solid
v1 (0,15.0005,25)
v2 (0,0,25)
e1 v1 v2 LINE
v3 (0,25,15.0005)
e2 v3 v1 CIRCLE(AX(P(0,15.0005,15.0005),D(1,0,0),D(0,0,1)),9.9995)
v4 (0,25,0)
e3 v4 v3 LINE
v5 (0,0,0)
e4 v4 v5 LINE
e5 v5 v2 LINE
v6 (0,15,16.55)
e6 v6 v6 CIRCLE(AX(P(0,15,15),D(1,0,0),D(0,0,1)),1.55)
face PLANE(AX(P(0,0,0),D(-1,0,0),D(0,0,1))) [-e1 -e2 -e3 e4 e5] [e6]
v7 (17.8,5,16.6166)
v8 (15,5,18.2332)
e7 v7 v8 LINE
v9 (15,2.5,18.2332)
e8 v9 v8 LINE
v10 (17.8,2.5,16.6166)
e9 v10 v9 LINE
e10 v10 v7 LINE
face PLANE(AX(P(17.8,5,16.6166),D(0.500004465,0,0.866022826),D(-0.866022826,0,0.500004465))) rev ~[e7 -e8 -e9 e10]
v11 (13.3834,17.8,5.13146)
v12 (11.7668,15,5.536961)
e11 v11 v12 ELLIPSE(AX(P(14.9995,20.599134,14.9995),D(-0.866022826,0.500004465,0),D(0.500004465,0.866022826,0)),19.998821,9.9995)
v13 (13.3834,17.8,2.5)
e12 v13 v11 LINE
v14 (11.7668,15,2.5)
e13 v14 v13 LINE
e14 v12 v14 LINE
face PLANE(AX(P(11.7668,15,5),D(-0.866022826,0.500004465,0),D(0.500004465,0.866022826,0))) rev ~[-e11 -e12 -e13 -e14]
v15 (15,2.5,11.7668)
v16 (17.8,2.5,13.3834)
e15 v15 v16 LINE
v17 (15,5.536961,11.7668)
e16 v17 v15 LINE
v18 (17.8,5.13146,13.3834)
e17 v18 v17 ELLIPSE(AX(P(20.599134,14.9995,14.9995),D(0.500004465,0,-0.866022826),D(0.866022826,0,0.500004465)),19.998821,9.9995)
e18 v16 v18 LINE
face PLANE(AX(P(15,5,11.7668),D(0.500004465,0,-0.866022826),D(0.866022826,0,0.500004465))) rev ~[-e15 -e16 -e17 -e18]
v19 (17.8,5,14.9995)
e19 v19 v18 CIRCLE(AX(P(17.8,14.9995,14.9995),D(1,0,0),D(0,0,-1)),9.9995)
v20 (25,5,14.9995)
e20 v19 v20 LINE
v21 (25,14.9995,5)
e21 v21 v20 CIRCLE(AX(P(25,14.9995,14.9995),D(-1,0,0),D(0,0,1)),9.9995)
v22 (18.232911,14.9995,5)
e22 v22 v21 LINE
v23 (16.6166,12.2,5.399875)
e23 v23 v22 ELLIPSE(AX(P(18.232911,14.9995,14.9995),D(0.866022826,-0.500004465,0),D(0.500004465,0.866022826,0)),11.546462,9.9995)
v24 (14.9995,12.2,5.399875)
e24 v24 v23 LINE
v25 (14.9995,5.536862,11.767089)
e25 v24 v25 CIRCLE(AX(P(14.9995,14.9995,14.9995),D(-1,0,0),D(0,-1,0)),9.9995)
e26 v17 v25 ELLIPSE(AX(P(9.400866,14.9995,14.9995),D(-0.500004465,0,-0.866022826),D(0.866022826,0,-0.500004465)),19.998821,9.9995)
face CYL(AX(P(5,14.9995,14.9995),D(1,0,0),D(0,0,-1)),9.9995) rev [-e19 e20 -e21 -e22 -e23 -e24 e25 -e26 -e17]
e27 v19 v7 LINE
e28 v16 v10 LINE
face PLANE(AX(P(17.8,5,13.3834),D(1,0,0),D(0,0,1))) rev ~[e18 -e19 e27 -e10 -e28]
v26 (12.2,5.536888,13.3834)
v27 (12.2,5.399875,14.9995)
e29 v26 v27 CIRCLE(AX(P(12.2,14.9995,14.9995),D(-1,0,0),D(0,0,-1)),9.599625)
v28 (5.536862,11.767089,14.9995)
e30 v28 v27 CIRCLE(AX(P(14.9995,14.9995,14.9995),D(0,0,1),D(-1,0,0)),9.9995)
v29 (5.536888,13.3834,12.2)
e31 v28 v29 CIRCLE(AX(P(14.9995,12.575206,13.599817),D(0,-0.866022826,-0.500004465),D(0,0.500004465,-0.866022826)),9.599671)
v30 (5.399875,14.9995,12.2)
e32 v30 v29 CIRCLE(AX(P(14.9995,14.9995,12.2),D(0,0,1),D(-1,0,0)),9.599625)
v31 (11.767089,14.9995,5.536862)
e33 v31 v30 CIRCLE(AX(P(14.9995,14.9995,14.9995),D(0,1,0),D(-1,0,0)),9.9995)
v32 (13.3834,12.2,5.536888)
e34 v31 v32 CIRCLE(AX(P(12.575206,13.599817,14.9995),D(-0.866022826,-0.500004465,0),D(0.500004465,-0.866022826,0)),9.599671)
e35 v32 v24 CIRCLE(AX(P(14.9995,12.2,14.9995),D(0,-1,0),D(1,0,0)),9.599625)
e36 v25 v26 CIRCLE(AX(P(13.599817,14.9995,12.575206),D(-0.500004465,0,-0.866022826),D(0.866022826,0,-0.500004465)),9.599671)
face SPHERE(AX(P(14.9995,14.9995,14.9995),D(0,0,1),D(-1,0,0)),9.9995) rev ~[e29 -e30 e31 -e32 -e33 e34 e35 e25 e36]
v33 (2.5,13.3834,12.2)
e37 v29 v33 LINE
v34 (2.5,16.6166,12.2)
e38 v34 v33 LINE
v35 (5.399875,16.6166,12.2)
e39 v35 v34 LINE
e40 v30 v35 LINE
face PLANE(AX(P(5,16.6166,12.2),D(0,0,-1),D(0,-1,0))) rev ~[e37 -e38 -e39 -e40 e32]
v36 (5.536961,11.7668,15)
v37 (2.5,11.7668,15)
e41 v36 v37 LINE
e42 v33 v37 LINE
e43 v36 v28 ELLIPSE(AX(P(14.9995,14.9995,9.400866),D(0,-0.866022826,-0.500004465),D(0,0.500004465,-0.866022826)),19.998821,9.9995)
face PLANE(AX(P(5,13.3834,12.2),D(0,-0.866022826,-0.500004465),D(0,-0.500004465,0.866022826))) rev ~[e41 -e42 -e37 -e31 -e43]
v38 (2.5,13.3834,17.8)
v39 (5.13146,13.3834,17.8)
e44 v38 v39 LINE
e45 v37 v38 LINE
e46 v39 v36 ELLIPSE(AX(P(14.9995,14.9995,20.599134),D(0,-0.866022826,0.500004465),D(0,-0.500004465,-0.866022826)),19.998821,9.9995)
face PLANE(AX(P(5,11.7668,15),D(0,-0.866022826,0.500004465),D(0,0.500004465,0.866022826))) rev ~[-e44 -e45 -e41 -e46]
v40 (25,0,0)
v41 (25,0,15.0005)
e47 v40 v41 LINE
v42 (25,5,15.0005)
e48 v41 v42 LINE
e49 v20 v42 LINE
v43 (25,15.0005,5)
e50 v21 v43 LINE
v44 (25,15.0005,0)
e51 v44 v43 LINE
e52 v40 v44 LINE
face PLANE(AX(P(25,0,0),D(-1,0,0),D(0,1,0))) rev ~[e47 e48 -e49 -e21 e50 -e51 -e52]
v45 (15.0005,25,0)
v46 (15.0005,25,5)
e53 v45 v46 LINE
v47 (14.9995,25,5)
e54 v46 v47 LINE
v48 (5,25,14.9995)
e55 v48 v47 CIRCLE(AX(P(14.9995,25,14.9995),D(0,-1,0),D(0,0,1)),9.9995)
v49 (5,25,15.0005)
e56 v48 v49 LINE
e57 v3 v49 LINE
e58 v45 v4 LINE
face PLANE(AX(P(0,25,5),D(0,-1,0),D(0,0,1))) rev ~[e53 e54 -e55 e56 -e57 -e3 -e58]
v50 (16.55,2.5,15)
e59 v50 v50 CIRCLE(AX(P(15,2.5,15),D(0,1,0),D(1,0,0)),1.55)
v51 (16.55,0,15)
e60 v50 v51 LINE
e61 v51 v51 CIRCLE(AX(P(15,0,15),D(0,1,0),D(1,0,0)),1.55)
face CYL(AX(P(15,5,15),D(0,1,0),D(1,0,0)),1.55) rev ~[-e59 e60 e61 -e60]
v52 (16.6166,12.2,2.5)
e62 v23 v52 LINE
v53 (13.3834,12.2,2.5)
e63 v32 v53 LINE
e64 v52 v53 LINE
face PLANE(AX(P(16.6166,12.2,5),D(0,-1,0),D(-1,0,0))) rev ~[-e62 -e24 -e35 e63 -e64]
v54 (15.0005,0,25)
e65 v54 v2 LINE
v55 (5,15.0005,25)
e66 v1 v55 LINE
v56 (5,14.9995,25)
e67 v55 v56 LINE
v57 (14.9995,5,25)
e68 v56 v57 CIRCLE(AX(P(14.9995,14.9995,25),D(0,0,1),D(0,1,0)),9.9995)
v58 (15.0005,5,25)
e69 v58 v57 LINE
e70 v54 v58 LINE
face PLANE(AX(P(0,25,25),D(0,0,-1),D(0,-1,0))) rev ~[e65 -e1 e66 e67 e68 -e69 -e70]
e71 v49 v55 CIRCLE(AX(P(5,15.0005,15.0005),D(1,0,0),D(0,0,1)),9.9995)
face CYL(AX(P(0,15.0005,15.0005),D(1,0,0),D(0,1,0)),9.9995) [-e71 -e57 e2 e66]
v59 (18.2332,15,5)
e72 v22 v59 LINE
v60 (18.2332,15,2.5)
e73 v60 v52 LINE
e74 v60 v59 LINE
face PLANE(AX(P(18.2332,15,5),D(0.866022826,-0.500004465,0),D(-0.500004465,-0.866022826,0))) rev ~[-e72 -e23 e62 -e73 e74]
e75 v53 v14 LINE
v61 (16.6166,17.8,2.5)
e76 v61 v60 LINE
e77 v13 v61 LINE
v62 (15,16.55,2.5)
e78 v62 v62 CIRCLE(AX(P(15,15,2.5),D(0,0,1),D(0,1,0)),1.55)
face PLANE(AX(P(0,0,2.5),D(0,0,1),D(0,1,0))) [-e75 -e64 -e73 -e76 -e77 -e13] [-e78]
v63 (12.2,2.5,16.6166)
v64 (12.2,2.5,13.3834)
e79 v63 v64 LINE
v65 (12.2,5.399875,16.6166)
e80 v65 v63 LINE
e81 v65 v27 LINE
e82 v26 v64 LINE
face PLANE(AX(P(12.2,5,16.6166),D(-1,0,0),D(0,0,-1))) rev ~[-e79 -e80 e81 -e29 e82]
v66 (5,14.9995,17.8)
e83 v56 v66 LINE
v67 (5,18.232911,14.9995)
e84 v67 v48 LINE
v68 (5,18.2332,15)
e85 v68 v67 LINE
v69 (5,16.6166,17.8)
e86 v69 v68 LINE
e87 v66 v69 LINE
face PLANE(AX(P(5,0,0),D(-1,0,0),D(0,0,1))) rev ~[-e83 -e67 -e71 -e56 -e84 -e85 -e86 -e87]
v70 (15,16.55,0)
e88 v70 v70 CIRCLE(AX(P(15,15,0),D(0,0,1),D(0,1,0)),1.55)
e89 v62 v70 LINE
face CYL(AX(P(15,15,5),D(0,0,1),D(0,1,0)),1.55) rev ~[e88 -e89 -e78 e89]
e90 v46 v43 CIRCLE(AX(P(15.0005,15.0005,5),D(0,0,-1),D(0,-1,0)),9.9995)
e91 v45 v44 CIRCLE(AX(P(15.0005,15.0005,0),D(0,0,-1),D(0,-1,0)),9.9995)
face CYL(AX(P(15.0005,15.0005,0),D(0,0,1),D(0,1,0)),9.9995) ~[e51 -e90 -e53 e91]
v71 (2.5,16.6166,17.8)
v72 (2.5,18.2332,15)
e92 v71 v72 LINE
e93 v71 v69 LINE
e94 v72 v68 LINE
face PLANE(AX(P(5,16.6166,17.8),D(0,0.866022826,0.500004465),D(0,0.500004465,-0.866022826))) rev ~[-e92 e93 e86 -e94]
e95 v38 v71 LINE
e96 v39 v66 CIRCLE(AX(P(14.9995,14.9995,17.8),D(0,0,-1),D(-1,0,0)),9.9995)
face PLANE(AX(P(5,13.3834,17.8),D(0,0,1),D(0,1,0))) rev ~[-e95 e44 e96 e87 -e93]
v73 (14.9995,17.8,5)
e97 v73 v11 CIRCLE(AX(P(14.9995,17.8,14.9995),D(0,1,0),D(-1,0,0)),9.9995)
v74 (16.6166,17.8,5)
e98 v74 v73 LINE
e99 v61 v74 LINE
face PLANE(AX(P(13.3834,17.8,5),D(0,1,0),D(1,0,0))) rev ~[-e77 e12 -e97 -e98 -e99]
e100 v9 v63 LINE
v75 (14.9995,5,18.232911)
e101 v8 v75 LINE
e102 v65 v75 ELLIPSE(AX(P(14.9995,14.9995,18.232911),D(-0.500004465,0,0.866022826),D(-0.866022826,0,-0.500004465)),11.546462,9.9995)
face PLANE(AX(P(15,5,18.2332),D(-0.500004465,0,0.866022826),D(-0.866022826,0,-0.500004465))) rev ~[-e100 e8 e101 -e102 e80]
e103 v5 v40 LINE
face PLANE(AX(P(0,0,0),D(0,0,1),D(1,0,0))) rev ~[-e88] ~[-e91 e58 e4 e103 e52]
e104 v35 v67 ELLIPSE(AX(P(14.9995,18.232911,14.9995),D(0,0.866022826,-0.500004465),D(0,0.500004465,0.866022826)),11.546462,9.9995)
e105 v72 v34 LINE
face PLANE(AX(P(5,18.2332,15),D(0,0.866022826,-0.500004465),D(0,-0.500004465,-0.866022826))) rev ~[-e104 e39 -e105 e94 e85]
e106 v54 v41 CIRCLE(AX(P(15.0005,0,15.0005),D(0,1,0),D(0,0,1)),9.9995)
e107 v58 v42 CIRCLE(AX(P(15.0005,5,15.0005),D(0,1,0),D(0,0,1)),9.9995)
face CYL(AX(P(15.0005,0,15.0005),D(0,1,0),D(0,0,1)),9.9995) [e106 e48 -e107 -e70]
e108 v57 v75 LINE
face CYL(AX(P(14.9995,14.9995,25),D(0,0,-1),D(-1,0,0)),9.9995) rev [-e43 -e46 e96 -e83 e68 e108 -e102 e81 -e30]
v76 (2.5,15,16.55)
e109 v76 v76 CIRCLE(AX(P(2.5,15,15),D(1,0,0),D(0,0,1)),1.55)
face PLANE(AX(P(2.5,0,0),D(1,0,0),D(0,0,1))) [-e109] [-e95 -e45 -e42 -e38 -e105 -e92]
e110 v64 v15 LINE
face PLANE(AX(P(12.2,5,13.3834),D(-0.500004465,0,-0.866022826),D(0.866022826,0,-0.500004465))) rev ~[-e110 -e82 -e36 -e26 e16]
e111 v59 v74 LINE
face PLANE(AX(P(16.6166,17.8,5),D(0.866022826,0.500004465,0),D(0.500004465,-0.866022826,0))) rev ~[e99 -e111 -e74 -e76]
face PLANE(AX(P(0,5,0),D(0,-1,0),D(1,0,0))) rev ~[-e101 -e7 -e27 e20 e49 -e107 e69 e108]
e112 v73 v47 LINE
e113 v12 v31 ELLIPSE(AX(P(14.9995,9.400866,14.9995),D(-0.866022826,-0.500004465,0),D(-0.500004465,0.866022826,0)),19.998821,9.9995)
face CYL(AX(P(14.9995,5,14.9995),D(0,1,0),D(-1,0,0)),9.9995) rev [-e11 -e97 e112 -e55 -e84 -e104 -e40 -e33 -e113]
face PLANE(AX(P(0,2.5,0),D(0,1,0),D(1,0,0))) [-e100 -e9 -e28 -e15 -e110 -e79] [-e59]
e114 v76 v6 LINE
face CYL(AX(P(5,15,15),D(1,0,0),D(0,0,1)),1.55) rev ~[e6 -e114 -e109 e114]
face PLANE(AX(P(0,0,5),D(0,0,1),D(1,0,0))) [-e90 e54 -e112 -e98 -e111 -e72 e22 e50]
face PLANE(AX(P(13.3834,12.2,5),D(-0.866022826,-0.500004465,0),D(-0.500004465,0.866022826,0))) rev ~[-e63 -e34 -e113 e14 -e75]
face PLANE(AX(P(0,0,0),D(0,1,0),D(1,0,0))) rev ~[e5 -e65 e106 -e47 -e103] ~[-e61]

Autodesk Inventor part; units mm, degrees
ref_plane "YZ Plane" through (0, 0, 0) normal (1, 0, 0) x (0, 1, 0)
ref_plane "XZ Plane" through (0, 0, 0) normal (0, 1, 0) x (-1, 0, 0)
ref_plane "XY Plane" through (0, 0, 0) normal (0, 0, 1) x (1, 0, 0)
sketch "Sketch1" plane through (0, 0, 0) normal (0, 0, 1) x (1, 0, 0)
  line L0 (0, 0) -> (25, 0)
  line L1 (25, 0) -> (25, 25)
  line L2 (25, 25) -> (0, 25)
  line L3 (0, 25) -> (0, 0)
  dimension "d0" = 25
extrude "Extrusion1" add sketch "Sketch1" along normal blind 5
sketch "Sketch2" plane through (0, 0, 0) normal (0, -1, 0) x (1, 0, 0)
  line L0 (0, 0) -> (25, 0) projected
  line L1 (25, 0) -> (25, 5) projected
  line L2 (0, 5) -> (25, 5) projected
  line L3 (0, 0) -> (0, 5) projected
  line L4 (0, 0) -> (25, 0)
  line L5 (25, 0) -> (25, 25)
  line L6 (25, 25) -> (0, 25)
  line L7 (0, 25) -> (0, 0)
extrude "Extrusion2" add sketch "Sketch2" against normal blind 5 contours L7 L6 L5 L2
sketch "Sketch3" plane through (0, 0, 0) normal (-1, 0, 0) x (0, 0, 1)
  line L0 (5, 25) -> (25, 25)
  line L1 (25, 25) -> (25, 5)
  line L2 (25, 5) -> (5, 5)
  line L3 (5, 5) -> (5, 25)
extrude "Extrusion3" add sketch "Sketch3" against normal blind 5
fillet "Fillet2" radius 10 6 edges at (5, 5, 15) (5, 15, 5) (15, 5, 5) (2.5, 25, 25) (25, 2.5, 25) (25, 25, 2.5)
sketch "Sketch6" plane through (0, 5, 0) normal (0, 1, 0) x (1, 0, 0)
  arc A0 (15, -25) -> (25, -15) centre (15, -15) ccw projected
  circle A1 centre (15, -15) radius 1.55
  point P0 (0, 0)
  dimension "d20" = 3.1
extrude "Extrusion6" cut sketch "Sketch6" along normal through all both and the other way through all
sketch "Sketch7" plane through (0, 5, 0) normal (0, 1, 0) x (1, 0, 0)
  line L0 (15, -25) -> (15, -16.55) projected
  arc A0 (15, -25) -> (25, -15) centre (15, -15) ccw projected
  line L1 (15, -18.2332) -> (12.2, -16.6166)
  line L2 (12.2, -16.6166) -> (12.2, -13.3834)
  line L3 (12.2, -13.3834) -> (15, -11.7668)
  line L4 (15, -11.7668) -> (17.8, -13.3834)
  line L5 (17.8, -13.3834) -> (17.8, -16.6166)
  line L6 (17.8, -16.6166) -> (15, -18.2332)
  point P0 (0, 0)
  dimension "d24" = 5.6
extrude "Extrusion7" cut sketch "Sketch7" along normal mid plane 5
pattern_circular "Circular Pattern2" count 3 over 360 about axis through (0, 0, 0) along (0.5774, 0.5774, 0.5774) of "Extrusion7", "Extrusion6"
properties part number "corner tab"
